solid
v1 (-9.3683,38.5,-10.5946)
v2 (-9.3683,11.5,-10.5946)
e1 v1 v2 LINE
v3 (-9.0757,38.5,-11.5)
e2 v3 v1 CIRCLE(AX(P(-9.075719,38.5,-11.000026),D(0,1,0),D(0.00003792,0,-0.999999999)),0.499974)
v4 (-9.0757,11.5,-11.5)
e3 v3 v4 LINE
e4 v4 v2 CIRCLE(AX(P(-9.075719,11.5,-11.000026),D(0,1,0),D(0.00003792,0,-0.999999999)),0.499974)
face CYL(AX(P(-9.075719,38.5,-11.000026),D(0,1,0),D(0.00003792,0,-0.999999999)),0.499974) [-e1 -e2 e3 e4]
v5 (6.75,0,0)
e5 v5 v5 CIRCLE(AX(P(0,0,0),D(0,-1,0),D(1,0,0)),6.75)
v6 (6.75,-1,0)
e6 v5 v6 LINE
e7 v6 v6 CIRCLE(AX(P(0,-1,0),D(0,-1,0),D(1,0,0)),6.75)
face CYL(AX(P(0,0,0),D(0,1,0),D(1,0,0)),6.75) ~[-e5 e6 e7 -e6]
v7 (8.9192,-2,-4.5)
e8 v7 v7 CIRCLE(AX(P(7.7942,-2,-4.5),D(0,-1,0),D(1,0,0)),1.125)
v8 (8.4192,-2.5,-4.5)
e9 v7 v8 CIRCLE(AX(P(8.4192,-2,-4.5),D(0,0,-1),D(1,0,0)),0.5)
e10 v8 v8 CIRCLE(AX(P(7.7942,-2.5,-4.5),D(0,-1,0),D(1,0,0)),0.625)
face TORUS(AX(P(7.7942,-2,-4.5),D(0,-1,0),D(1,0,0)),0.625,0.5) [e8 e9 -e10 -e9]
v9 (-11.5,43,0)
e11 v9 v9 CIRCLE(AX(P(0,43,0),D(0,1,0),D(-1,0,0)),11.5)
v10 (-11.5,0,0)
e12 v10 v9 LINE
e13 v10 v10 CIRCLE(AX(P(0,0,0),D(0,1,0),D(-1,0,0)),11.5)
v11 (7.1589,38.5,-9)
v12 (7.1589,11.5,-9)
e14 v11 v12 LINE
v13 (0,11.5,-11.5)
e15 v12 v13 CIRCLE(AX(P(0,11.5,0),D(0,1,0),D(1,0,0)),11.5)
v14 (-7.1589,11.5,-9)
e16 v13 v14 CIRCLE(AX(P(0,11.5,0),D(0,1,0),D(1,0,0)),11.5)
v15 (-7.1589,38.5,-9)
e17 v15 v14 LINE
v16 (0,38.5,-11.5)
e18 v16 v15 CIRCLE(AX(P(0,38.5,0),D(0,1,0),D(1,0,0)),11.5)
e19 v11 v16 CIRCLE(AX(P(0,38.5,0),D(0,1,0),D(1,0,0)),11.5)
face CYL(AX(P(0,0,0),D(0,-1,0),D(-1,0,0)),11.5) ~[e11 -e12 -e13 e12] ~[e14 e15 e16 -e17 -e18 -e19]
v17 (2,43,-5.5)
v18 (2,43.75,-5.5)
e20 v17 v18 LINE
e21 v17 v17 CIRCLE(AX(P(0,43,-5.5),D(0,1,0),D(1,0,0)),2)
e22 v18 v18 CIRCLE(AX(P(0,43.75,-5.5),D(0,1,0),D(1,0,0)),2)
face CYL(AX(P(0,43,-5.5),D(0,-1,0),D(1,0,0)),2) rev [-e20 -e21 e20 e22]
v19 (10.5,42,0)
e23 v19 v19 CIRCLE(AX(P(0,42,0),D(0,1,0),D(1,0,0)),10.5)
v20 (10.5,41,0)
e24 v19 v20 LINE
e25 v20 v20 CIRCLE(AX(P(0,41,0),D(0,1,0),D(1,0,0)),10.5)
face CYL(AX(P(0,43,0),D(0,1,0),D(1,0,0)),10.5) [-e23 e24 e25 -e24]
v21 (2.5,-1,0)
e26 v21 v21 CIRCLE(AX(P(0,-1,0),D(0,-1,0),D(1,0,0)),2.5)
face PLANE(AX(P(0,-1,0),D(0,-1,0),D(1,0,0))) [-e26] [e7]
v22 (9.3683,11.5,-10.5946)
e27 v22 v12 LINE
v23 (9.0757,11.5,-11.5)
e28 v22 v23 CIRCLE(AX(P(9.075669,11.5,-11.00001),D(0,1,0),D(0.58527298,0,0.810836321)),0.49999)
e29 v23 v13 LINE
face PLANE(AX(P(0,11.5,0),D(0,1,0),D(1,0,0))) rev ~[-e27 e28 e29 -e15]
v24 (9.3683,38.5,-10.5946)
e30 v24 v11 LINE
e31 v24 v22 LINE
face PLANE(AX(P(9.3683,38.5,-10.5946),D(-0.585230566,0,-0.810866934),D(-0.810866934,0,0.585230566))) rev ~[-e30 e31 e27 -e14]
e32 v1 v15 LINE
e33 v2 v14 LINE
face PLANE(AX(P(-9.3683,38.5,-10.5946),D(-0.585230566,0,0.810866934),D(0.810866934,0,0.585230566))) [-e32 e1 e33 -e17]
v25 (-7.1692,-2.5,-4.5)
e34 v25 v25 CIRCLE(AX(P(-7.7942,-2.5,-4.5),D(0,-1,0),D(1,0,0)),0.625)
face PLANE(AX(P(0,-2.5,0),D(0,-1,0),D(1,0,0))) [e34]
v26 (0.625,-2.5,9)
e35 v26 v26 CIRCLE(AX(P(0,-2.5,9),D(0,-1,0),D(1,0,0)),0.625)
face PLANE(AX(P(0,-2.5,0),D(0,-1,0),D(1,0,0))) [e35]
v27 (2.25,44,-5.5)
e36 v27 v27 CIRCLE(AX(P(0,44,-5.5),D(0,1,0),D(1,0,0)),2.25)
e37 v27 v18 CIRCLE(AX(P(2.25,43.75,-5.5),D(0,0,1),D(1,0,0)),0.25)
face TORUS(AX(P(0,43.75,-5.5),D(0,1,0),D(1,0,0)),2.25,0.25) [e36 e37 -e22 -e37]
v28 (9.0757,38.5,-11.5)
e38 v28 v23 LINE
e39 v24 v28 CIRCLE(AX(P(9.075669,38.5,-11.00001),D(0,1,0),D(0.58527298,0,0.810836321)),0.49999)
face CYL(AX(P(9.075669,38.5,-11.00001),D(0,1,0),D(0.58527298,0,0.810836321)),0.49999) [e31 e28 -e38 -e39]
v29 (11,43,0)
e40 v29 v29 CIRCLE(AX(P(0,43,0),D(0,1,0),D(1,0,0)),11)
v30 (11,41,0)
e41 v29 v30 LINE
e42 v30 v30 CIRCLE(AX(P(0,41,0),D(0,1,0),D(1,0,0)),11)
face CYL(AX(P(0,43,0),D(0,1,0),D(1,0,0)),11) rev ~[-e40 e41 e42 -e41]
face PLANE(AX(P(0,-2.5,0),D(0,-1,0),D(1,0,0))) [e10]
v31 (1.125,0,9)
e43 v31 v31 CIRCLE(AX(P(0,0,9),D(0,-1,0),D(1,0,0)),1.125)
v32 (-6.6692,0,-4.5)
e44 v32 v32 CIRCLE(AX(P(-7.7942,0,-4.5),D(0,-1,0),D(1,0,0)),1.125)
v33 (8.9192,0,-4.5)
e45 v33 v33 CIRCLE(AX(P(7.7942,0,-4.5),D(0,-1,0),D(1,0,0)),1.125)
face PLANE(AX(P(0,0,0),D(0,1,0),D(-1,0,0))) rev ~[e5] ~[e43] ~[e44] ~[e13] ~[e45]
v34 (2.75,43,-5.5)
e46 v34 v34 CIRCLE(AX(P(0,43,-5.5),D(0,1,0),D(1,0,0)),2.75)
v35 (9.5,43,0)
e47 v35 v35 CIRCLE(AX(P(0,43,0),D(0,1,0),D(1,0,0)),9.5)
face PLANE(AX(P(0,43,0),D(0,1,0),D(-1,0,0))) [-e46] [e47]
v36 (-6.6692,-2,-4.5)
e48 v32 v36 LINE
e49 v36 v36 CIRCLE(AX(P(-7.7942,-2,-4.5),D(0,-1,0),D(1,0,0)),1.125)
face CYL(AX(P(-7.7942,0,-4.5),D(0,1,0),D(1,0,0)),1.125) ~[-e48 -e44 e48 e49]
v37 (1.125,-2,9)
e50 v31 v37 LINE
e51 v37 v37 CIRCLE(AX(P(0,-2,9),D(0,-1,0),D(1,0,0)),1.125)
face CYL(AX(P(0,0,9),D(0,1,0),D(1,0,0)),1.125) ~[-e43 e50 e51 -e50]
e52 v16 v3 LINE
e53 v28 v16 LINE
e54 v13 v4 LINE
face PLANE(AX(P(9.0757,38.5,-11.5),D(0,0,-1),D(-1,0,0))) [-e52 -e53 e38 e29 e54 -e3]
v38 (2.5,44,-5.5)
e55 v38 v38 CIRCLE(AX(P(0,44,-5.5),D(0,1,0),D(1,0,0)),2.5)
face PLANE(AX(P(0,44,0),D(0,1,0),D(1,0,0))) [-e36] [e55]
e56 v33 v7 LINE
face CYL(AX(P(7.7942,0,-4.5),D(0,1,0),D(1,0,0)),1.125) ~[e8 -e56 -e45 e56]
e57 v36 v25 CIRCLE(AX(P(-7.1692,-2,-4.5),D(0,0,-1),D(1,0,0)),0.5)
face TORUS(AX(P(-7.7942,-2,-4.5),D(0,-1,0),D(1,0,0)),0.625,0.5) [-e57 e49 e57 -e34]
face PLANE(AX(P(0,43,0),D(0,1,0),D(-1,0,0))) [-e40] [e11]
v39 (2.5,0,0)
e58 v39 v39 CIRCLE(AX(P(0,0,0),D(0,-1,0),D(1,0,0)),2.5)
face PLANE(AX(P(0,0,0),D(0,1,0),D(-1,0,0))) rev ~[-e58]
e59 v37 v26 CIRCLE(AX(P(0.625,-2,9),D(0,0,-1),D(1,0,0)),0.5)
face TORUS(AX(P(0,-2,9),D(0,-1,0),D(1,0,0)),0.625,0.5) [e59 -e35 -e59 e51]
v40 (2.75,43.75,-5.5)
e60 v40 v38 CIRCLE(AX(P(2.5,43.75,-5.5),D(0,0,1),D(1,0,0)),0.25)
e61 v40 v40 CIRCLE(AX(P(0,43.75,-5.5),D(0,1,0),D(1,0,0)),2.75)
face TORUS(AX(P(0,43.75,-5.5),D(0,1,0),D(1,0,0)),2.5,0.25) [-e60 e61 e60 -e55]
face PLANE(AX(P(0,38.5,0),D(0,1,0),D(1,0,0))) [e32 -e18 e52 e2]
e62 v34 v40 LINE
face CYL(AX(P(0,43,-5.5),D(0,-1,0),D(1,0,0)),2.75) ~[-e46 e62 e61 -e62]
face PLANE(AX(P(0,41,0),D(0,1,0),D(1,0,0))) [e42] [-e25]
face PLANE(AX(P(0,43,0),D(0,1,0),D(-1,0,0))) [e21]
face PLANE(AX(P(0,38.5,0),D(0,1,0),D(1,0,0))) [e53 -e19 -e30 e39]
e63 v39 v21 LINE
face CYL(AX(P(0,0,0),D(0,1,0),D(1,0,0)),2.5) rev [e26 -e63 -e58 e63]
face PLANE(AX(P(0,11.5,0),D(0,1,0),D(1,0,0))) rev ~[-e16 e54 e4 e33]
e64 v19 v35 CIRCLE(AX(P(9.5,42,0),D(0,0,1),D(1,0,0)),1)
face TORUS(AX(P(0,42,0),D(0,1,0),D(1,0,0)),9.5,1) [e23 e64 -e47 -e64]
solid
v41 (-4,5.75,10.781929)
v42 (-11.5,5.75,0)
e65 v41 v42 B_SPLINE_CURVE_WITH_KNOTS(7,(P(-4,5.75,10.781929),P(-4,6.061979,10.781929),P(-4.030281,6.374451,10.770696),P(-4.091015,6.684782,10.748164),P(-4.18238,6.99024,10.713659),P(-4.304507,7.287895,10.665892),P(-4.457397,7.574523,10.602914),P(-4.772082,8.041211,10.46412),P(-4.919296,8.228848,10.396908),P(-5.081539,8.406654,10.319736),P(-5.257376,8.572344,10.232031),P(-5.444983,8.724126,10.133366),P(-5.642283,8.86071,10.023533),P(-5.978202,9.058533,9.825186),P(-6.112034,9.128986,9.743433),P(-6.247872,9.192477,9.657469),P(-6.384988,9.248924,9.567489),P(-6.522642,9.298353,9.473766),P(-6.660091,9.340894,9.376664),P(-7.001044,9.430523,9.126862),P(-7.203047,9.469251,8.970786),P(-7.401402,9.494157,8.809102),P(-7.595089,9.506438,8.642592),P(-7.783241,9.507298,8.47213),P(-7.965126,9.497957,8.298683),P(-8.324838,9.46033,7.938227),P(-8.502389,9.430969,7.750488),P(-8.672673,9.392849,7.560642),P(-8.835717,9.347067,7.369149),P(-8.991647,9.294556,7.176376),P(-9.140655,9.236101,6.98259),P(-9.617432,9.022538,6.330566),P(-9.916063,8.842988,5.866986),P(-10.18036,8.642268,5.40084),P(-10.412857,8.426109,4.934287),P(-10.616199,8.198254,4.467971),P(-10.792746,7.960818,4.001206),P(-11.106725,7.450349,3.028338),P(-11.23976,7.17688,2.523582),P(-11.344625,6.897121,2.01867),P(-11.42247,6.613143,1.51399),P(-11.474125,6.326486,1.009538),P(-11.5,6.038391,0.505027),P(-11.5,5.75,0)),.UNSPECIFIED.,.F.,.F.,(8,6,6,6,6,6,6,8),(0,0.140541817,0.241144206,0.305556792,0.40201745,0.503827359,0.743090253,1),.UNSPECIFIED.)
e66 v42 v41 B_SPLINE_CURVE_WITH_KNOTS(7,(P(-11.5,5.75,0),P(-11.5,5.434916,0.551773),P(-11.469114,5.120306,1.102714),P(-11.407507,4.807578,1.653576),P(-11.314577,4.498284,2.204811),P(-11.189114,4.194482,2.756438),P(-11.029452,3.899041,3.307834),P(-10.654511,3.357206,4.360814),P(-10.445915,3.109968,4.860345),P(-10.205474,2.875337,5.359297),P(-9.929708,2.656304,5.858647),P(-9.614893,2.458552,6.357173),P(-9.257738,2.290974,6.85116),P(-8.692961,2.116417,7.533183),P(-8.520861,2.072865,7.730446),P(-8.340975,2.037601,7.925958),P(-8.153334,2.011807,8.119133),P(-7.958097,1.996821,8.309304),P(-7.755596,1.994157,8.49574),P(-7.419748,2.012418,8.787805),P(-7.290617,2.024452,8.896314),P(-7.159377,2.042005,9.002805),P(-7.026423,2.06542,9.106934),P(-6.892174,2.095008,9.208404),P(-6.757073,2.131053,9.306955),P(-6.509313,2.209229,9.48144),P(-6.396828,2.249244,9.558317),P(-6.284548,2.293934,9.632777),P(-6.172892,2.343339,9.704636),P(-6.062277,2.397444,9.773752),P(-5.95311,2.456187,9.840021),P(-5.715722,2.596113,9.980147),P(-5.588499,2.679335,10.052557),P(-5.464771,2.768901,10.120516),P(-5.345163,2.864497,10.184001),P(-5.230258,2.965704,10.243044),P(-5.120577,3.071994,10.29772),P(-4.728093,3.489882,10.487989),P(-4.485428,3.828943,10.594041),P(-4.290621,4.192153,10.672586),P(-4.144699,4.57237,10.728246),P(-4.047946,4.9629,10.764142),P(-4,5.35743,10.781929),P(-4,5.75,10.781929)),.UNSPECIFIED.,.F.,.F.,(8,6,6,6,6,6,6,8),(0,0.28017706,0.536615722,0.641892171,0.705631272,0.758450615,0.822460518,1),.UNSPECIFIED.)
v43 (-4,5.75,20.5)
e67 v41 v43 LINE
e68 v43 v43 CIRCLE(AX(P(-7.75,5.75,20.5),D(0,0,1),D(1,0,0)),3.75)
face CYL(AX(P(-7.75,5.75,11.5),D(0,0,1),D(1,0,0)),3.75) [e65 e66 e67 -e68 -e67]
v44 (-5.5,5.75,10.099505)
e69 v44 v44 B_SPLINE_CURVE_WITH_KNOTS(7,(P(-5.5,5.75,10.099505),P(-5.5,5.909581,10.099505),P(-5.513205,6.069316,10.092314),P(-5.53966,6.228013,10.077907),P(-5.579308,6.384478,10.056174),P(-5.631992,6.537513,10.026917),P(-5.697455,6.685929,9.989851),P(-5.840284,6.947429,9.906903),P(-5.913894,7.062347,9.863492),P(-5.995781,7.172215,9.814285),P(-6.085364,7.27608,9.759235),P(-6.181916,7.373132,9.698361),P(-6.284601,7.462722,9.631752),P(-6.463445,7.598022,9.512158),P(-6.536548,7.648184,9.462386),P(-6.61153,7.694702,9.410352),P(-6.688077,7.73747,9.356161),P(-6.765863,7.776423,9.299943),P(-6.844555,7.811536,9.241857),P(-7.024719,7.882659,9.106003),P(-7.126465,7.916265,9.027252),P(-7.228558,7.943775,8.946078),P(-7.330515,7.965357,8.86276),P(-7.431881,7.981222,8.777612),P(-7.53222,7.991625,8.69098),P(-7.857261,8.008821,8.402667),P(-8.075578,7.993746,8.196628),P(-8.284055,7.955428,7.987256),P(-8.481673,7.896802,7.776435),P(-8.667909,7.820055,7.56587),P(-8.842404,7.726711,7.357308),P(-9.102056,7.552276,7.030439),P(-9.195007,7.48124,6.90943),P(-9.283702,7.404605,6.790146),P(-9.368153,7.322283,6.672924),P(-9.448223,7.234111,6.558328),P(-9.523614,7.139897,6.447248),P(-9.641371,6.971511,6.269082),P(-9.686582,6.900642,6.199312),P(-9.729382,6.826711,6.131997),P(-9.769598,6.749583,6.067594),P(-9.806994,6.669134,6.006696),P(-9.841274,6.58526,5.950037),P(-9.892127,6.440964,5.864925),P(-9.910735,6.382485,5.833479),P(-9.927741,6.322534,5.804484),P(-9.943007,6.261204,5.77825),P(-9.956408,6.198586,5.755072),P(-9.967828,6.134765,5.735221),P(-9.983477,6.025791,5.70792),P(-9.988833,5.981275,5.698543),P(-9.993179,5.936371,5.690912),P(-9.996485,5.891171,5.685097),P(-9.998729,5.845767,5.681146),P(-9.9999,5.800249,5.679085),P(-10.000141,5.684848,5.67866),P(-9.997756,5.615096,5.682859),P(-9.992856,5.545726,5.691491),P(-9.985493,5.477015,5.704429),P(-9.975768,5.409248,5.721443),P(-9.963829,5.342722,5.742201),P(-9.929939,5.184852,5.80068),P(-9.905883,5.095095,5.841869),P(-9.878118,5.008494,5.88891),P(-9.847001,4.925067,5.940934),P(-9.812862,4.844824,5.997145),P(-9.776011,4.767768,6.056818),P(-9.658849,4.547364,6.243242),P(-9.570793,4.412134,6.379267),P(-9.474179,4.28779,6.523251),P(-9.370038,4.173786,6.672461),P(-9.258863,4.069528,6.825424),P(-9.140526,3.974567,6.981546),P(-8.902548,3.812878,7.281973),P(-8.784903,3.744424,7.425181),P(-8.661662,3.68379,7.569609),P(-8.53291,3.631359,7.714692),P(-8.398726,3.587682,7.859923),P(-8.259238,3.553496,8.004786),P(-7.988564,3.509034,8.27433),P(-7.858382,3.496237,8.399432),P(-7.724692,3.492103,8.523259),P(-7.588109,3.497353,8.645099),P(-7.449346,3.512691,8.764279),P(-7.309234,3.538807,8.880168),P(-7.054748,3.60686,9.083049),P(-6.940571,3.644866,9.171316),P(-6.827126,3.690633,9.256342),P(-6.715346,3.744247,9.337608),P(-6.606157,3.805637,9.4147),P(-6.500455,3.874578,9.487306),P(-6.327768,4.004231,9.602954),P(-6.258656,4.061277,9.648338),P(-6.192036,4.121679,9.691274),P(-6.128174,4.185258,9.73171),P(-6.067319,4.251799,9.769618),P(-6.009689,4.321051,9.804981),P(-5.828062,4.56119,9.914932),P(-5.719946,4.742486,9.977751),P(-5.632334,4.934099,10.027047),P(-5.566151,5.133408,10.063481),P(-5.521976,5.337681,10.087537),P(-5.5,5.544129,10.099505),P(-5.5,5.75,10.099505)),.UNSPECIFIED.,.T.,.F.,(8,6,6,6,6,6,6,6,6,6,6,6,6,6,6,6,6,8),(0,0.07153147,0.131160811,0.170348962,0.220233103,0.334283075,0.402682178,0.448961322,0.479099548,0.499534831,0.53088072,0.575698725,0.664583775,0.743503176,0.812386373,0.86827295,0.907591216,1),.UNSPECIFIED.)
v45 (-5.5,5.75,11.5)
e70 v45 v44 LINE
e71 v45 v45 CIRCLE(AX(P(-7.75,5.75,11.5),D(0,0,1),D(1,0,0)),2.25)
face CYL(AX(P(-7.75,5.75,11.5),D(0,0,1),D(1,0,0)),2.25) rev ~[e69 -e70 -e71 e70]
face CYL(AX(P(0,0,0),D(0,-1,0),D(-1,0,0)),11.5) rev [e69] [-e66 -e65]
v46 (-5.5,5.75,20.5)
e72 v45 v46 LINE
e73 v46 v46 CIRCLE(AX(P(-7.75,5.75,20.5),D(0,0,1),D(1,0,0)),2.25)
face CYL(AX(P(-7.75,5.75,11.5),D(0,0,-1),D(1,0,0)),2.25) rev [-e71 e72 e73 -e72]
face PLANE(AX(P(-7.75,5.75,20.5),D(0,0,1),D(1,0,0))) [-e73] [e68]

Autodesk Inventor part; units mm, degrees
ref_plane "YZ Plane" through (0, 0, 0) normal (1, 0, 0) x (0, 1, 0)
ref_plane "XZ Plane" through (0, 0, 0) normal (0, 1, 0) x (-1, 0, 0)
sketch "Sketch1" plane through (0, 0, 0) normal (0, 1, 0) x (-1, 0, 0)
  circle A0 centre (0, 0) radius 11.5
  dimension "d0" = 23
extrude "Extrusion1" add sketch "Sketch1" along normal blind 43
ref_plane "Work Plane1" through (0, 0, 11.5) normal (0, 0, 1) x (1, 0, 0)
sketch "Sketch2" plane through (0, 0, 11.5) normal (0, 0, 1) x (1, 0, 0)
  circle A0 centre (-7.75, 5.75) radius 3.75
  line L0 (-11.5, 0) -> (11.5, 0) projected
  circle A1 centre (-7.75, 5.75) radius 2.25
  point P0 (0, 0)
  dimension "d3" = 7.5
  dimension "d4" = 5.75
  dimension "d8" = 4.5
  dimension "d41" = 3.75
extrude "Extrusion2" add sketch "Sketch2" against normal up to next separate body
sketch "Sketch3" plane through (-7.75, 5.75, 11.5) normal (0, 0, 1) x (1, 0, 0)
  circle A0 centre (0, 0) radius 2.25 projected
  circle A1 centre (0, 0) radius 3.75 projected
  point P0 (7.75, -5.75)
extrude "Extrusion3" add sketch "Sketch3" along normal blind 9 bodies 2
ref_plane "Work Plane2" through (0, 38.5, 0) normal (0, 1, 0) x (1, 0, 0)
sketch "Sketch4" plane through (0, 38.5, 0) normal (0, 1, 0) x (1, 0, 0)
  line L0 (9.0757, 11.5) -> (-9.0757, 11.5)
  circle A0 centre (0, 0) radius 11.5 projected
  line L1 (9.3683, 10.5946) -> (7.1589, 9)
  line L2 (-9.3683, 10.5946) -> (-7.1589, 9)
  circle A1 centre (0, 0) radius 11.5 projected
  line L3 (7.1589, 9) -> (-7.1589, 9)
  arc A2 (-9.0757, 11.5) -> (-9.3683, 10.5946) centre (-9.0757, 11) ccw
  arc A3 (9.3683, 10.5946) -> (9.0757, 11.5) centre (9.0757, 11) ccw
  point P0 (-10.6229, 11.5)
  dimension "d12" = 2.5
  dimension "d13" = 35.818
  dimension "d14" = 0.5
extrude "Extrusion4" add sketch "Sketch4" against normal blind 27 contours A3 L1 A0 L0 | A0 L2 A2 L0 bodies 1
sketch "Sketch5" plane through (0, 0, 0) normal (0, -1, 0) x (1, 0, 0)
  circle A0 centre (0, 0) radius 6.75
  circle A1 centre (0, 0) radius 2.5
  dimension "d17" = 13.5
  dimension "d18" = 5
extrude "Extrusion5" add sketch "Sketch5" along normal blind 1 bodies 1
sketch "Sketch6" plane through (0, 0, 0) normal (0, -1, 0) x (1, 0, 0)
  point P0 (0, 0)
sketch "Sketch7" plane through (0, 43, 0) normal (0, 1, 0) x (1, 0, 0)
  circle A0 centre (0, 0) radius 2.5 projected
  circle A1 centre (0, 0) radius 10.5
  circle A2 centre (0, 0) radius 11
  dimension "d21" = 22
  dimension "d22" = 21
extrude "Extrusion6" cut sketch "Sketch7" against normal blind 2 contours A2 bodies 1
sketch "Sketch8" plane through (0, 43, 0) normal (0, 1, 0) x (1, 0, 0)
  circle A0 centre (0, 5.5) radius 2.75
  circle A1 centre (0, 5.5) radius 2
  circle A2 centre (0, 0) radius 10.5 projected
  dimension "d25" = 4
  dimension "d26" = 5.5
  dimension "d42" = 5.5
extrude "Extrusion7" add sketch "Sketch8" along normal blind 1 contours A0 bodies 1
fillet "Fillet1" radius 1 1 edges at (-10.5, 43, 0)
fillet "Fillet2" radius 0.25 2 edges at (-2, 44, -5.5) (-2.75, 44, -5.5)
sketch "Sketch9" plane through (0, 0, 0) normal (0, -1, 0) x (1, 0, 0)
  circle A0 centre (0, 9) radius 1.125
  circle A1 centre (0, 0) radius 11.5 projected
  circle A2 centre (-7.7942, -4.5) radius 1.125
  circle A3 centre (7.7942, -4.5) radius 1.125
  dimension "d32" = 2.25
  dimension "d33" = 9
  dimension "d36" = 360
extrude "Extrusion8" add sketch "Sketch9" along normal blind 2.5 contours A0 | A2 | A3 bodies 1
fillet "Fillet3" radius 0.5 3 edges at (6.6692, -2.5, -4.5) (-1.125, -2.5, 9) (-8.9192, -2.5, -4.5)
properties part number "mini_pump"
